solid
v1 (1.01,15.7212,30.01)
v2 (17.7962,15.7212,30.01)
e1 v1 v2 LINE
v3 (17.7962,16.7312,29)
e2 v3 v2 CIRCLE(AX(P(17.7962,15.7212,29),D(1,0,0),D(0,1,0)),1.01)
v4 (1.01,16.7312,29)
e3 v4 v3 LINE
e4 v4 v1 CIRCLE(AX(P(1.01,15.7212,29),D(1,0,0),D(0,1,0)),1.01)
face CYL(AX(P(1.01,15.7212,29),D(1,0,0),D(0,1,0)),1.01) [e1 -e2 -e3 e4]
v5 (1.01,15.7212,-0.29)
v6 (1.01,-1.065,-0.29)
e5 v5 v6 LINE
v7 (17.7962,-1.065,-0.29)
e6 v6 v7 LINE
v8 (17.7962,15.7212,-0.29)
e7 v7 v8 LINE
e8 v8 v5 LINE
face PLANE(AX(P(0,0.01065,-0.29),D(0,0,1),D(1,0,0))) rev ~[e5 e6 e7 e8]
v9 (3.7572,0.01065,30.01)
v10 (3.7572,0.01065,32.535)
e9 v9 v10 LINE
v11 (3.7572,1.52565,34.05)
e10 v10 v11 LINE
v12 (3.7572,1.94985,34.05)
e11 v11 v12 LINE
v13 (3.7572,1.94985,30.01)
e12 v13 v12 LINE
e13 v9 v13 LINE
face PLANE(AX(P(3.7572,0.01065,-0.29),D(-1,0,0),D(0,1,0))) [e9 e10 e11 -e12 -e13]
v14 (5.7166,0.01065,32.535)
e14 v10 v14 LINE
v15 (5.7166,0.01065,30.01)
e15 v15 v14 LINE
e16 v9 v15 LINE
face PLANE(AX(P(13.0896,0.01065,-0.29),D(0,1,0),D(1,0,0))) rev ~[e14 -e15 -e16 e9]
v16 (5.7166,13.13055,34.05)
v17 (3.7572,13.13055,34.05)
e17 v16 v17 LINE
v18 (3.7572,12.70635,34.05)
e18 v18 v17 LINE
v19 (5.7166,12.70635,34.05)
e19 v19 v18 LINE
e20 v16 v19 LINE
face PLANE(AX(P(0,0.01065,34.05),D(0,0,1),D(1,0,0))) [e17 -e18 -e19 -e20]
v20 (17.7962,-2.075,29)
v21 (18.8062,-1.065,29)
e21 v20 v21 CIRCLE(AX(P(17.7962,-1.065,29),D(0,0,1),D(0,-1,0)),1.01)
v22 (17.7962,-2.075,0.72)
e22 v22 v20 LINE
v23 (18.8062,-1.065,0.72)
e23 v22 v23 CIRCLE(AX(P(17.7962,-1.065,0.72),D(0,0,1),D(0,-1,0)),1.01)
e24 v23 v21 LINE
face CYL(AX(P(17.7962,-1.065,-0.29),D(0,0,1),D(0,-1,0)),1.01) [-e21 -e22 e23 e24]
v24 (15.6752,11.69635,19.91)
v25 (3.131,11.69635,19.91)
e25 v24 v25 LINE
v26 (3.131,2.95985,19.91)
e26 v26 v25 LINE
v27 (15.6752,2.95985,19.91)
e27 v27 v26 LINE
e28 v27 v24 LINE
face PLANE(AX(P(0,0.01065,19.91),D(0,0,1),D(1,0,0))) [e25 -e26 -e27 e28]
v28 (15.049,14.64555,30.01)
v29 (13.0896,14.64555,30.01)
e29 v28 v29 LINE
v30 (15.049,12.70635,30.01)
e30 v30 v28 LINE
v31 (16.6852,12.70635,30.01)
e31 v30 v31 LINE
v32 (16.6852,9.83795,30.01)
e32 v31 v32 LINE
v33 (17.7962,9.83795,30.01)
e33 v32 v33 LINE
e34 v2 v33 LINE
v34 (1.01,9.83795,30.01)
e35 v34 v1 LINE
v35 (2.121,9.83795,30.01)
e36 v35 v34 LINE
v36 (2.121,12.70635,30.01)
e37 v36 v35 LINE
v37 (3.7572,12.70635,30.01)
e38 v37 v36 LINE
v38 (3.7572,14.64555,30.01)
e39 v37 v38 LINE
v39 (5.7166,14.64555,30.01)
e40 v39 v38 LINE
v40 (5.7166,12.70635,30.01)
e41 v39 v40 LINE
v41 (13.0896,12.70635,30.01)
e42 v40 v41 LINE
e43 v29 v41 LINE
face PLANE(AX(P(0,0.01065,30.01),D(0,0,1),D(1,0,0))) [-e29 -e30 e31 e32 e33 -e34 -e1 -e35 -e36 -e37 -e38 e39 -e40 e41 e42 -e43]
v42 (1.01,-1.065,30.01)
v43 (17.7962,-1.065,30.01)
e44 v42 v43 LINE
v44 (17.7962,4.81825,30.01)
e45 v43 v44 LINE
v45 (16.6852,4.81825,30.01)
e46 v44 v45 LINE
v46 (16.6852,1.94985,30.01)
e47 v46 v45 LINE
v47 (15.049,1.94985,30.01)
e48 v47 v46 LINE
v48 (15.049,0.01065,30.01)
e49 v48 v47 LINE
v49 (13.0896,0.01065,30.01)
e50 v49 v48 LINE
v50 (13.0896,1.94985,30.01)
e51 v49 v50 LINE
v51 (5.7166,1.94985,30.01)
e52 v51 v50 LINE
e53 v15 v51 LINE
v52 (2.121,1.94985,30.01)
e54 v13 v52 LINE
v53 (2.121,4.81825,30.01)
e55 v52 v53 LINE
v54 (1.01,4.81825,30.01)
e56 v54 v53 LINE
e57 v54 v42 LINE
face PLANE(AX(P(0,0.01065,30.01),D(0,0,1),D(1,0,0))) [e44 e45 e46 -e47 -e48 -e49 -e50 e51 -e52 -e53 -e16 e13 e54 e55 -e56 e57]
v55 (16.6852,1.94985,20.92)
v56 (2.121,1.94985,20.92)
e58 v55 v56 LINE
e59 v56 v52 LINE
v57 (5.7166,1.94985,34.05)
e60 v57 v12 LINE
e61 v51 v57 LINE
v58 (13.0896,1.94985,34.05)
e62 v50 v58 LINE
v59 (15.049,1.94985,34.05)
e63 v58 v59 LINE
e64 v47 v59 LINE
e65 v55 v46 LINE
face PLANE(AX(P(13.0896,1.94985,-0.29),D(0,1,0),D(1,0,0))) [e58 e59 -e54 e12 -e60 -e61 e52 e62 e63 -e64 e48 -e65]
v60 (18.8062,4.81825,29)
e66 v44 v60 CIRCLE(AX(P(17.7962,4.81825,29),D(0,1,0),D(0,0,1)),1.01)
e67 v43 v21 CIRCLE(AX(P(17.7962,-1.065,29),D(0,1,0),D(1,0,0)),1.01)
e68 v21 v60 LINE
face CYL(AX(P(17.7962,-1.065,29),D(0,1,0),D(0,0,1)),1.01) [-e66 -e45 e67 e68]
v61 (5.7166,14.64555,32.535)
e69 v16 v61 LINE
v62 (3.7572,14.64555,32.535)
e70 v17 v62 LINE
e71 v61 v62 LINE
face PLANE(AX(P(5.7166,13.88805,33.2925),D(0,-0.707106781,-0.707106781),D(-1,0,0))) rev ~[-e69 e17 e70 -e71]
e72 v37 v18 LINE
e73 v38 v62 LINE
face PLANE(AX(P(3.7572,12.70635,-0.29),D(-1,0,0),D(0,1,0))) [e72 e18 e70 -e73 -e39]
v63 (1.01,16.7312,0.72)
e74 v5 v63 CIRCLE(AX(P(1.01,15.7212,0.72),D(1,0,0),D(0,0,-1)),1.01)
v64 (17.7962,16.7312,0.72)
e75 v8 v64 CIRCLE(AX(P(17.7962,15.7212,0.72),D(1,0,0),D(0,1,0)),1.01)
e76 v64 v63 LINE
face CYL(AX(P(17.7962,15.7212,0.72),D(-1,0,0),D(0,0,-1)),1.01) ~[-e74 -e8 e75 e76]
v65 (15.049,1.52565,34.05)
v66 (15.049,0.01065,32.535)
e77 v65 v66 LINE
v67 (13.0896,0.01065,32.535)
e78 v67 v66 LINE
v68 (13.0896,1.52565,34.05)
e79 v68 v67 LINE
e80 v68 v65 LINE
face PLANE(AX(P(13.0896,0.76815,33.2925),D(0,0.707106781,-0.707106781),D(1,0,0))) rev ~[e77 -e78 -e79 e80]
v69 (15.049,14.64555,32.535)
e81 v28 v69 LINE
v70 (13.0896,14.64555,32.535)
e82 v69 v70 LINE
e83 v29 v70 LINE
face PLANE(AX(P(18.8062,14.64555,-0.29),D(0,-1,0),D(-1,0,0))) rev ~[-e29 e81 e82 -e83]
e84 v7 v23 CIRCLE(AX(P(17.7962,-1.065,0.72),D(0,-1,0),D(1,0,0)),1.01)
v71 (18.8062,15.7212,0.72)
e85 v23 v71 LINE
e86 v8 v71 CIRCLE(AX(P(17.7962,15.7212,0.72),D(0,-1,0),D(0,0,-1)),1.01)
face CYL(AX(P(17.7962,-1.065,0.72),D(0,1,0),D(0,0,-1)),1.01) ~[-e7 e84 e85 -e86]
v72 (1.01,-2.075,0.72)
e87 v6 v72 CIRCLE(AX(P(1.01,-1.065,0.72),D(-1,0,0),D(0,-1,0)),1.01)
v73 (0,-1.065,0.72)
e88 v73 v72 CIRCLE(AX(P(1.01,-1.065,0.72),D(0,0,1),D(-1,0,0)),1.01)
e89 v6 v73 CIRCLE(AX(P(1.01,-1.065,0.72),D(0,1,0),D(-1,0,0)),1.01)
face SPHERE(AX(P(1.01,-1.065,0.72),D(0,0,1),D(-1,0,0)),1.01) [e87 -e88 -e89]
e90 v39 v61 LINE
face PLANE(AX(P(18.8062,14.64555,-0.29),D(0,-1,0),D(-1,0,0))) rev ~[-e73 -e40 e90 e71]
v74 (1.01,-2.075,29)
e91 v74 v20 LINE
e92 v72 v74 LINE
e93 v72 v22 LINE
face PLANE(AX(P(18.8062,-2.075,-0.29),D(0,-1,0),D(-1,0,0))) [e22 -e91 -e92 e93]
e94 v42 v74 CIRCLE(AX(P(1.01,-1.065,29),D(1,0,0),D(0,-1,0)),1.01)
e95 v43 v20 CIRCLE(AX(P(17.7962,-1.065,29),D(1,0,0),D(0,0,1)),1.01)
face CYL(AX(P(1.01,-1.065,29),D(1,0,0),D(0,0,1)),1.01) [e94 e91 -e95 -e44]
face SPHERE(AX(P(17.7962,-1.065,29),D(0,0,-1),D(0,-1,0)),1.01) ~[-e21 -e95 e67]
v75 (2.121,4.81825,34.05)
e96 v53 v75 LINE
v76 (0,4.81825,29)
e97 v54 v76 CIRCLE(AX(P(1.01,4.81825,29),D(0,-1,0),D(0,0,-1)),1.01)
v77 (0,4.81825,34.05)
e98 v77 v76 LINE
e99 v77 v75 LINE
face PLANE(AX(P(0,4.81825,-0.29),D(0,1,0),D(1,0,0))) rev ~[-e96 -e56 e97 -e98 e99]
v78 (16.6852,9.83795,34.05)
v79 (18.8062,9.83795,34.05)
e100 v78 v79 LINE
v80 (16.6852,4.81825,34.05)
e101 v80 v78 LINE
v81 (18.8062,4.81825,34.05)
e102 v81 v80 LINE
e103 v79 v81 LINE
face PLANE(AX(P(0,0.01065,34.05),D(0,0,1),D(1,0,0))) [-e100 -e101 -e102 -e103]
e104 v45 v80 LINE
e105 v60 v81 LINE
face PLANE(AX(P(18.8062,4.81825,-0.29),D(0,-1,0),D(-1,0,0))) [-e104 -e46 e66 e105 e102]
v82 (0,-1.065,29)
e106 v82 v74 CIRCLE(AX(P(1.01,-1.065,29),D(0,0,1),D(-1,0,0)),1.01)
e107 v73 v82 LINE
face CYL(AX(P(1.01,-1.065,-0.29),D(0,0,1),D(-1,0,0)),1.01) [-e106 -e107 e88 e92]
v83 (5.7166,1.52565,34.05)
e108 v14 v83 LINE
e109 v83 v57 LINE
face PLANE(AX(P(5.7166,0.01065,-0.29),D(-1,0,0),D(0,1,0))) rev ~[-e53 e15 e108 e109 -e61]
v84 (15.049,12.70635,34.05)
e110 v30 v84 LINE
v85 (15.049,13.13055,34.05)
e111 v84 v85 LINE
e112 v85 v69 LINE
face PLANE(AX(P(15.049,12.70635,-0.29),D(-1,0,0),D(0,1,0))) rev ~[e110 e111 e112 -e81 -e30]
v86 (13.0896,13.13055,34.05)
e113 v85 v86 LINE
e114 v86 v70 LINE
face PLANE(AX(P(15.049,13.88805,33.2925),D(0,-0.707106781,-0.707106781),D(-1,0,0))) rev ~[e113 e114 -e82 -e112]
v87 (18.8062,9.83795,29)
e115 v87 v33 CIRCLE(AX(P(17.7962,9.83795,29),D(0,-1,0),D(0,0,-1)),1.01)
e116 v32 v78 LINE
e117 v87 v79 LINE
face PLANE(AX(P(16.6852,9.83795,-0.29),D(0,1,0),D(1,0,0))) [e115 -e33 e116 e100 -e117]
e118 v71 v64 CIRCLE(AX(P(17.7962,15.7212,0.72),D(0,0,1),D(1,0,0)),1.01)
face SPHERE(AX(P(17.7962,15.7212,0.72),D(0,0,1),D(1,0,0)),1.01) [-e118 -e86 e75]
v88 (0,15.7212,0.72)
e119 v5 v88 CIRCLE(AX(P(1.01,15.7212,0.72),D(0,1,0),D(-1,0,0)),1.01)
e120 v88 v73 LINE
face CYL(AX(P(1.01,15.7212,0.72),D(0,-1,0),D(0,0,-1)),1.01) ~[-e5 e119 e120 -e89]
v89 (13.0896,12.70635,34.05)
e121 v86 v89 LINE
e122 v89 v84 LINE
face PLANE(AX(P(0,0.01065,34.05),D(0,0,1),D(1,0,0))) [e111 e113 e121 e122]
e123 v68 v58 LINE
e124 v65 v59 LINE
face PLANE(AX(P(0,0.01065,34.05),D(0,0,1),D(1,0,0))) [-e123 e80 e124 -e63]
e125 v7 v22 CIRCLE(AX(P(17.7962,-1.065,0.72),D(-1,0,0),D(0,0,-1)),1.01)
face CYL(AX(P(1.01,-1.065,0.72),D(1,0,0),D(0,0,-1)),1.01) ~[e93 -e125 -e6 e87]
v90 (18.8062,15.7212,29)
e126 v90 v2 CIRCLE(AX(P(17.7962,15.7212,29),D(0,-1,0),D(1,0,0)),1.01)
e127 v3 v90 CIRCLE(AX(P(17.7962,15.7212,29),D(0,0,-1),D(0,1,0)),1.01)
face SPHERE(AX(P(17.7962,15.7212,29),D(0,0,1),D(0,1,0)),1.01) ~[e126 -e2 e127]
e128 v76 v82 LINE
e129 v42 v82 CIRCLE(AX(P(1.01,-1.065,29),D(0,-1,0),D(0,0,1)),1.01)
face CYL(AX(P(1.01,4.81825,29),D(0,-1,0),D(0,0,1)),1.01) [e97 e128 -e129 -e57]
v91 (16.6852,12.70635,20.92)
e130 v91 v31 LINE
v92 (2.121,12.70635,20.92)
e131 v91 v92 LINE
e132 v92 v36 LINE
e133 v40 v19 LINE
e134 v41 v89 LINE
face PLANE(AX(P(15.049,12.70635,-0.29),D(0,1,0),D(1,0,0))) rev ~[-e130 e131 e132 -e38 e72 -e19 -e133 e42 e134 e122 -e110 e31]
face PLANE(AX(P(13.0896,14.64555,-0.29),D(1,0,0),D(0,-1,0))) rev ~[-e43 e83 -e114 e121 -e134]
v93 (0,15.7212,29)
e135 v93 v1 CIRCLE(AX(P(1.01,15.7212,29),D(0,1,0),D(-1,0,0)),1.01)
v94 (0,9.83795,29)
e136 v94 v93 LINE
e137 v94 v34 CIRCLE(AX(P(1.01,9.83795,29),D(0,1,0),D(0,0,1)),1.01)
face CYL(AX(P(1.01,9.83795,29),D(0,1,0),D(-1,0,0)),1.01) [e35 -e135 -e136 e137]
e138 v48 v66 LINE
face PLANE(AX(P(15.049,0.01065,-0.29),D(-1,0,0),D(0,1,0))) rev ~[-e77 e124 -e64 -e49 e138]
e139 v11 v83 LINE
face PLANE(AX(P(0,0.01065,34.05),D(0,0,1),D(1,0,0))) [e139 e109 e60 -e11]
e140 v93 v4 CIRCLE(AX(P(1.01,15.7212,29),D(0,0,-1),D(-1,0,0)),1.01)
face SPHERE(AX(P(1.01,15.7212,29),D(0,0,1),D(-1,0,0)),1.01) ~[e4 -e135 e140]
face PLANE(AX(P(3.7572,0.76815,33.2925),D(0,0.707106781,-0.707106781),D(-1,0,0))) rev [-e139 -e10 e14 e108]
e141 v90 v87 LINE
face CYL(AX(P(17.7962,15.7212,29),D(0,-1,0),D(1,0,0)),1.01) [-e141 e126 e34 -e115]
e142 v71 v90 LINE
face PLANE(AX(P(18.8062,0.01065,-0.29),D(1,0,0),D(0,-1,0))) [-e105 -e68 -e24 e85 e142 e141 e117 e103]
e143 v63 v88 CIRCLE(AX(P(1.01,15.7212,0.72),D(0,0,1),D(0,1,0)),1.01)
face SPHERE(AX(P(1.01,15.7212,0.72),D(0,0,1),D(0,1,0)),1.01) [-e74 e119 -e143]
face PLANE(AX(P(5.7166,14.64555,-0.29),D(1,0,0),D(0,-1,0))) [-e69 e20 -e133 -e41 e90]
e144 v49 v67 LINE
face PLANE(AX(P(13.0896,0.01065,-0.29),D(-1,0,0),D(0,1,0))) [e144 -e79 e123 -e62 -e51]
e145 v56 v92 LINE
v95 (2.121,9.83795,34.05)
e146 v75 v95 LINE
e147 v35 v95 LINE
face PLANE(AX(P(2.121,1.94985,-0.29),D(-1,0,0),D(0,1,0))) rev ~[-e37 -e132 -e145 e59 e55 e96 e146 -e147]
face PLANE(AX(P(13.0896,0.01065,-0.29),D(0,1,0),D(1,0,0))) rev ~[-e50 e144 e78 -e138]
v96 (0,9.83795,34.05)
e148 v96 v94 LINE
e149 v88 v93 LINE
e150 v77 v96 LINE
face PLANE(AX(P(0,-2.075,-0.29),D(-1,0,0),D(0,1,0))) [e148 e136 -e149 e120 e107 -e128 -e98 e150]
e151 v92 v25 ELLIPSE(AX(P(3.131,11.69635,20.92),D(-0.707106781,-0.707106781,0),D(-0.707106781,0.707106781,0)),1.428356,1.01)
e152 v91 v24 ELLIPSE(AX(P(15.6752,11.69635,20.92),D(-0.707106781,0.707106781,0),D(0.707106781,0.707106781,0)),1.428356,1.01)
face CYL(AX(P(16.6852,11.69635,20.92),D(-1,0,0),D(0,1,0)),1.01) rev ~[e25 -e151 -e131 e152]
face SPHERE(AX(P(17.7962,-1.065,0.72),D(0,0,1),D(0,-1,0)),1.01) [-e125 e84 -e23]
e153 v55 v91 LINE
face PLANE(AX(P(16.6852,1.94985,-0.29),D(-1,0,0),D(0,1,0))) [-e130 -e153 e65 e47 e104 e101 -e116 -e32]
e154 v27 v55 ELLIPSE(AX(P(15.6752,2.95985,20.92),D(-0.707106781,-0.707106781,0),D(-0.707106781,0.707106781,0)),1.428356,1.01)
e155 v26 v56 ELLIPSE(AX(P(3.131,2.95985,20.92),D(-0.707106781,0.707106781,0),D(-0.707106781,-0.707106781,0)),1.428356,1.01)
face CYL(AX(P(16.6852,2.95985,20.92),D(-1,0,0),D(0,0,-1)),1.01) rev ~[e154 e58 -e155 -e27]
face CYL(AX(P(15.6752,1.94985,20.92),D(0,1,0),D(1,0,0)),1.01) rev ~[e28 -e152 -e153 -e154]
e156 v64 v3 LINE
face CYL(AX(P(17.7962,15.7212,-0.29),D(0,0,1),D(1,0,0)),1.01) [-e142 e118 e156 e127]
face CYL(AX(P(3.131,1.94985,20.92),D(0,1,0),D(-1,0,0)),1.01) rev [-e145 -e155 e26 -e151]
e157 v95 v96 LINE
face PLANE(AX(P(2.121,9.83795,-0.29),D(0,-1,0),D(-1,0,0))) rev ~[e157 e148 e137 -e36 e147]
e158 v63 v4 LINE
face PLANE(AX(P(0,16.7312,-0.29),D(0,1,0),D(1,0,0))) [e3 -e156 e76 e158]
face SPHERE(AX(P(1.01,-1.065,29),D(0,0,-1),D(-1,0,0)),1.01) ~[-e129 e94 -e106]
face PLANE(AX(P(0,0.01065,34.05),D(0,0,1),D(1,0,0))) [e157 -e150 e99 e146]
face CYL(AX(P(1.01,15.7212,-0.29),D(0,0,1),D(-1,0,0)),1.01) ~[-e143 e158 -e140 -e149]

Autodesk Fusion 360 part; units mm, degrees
sketch "Sketch1" plane through (0, 0, 0) normal (0, 0, 1) x (1, 0, 0)
  line L0 (0, 0) -> (18.62, 0)
  line L1 (18.62, 0) -> (18.62, 14.49)
  line L2 (18.62, 14.49) -> (0, 14.49)
  line L3 (0, 14.49) -> (0, 0)
  line L4 (9.31, 0) -> (9.31, 14.49)
  line L5 (0, 7.245) -> (18.62, 7.245)
  line L6 (2.1, 9.73) -> (-2.1, 9.73)
  line L7 (-2.1, 9.73) -> (-2.1, 4.76)
  line L8 (-2.1, 4.76) -> (2.1, 4.76)
  line L9 (2.1, 4.76) -> (2.1, 9.73)
  line L10 (2.1, 9.73) -> (-2.1, 4.76) construction
  line L11 (-2.1, 9.73) -> (2.1, 4.76) construction
  line L12 (3.72, 0) -> (3.72, 14.49)
  line L13 (3.72, 14.49) -> (5.66, 14.49)
  line L14 (5.66, 14.49) -> (5.66, 12.57)
  line L15 (5.66, 12.57) -> (3.72, 12.57)
  line L16 (3.72, 12.57) -> (3.72, 14.49)
  line L17 (5.66, 1.92) -> (3.72, 1.92)
  line L18 (3.72, 1.92) -> (3.72, 0)
  line L19 (5.66, 0) -> (5.66, 1.92)
  line L20 (16.52, 9.73) -> (20.72, 9.73)
  line L21 (16.52, 4.76) -> (16.52, 9.73)
  line L22 (20.72, 4.76) -> (16.52, 4.76)
  line L23 (12.96, 14.49) -> (12.96, 12.57)
  line L24 (12.96, 12.57) -> (14.9, 12.57)
  line L25 (14.9, 12.57) -> (14.9, 14.49)
  line L26 (12.96, 1.92) -> (14.9, 1.92)
  line L27 (12.96, 0) -> (12.96, 1.92)
  line L28 (14.9, 0) -> (14.9, 14.49)
  line L29 (3.72, 12.57) -> (14.9, 12.57)
  line L30 (14.9, 12.57) -> (14.9, 1.92)
  line L31 (14.9, 1.92) -> (3.72, 1.92)
  line L32 (3.72, 1.92) -> (3.72, 12.57)
  line L33 (2.1, 9.73) -> (3.72, 9.73)
  line L34 (3.72, 9.73) -> (3.72, 12.57)
  line L35 (3.72, 12.57) -> (2.1, 12.57)
  line L36 (2.1, 12.57) -> (2.1, 9.73)
  line L37 (2.1, 4.76) -> (3.72, 4.76)
  line L38 (3.72, 4.76) -> (3.72, 1.92)
  line L39 (3.72, 1.92) -> (2.1, 1.92)
  line L40 (2.1, 1.92) -> (2.1, 4.76)
  line L41 (14.9, 1.92) -> (16.52, 1.92)
  line L42 (16.52, 1.92) -> (16.52, 4.76)
  line L43 (16.52, 4.76) -> (14.9, 4.76)
  line L44 (14.9, 4.76) -> (14.9, 1.92)
  line L45 (16.52, 9.73) -> (14.9, 9.73)
  line L46 (14.9, 9.73) -> (14.9, 12.57)
  line L47 (14.9, 12.57) -> (16.52, 12.57)
  line L48 (16.52, 12.57) -> (16.52, 9.73)
  circle A0 centre (9.31, 7.245) radius 2.5
  line L49 (18.62, -2.065) -> (0, -2.065)
  line L50 (0, -2.065) -> (0, 16.555)
  line L51 (0, 16.555) -> (18.62, 16.555)
  line L52 (18.62, 16.555) -> (18.62, -2.065)
  line L53 (18.62, -2.065) -> (0, 16.555) construction
  line L54 (0, -2.065) -> (18.62, 16.555) construction
  point P0 (0, 7.245)
  point P1 (9.31, 7.245)
  dimension "d1" = 18.62
  dimension "d2" = 14.49
  dimension "d3" = 4.2
  dimension "d4" = 4.97
  dimension "d5" = -5.59
  dimension "d6" = 1.94
  dimension "d7" = 1.92
  dimension "d16" = 5
  dimension "d19" = 18.62
  dimension "d20" = 18.62
extrude "Extrude1" add sketch "Sketch1" along normal blind 34 contours L0 L12 L17 L18 L19 L31 | L3 L5 L8 L9 L50 | L3 L5 L6 L9 L50 | L0 L26 L27 L28 L31 | L1 L5 L21 L22 L52 | L2 L12 L13 L14 L15 L16 L29 | L1 L5 L20 L21 L52 | L2 L23 L24 L25 L28 L29 makes body 1 at (13.6067, 0, 22.6667) makes body 2 at (5.0133, 14.49, 22.6667) makes body 3 at (18.62, 6.4167, 11.3333) makes body 4 at (4.3667, 0, 22.6667) makes body 5 at (0, 8.0733, 11.3333) makes body 6 at (14.2533, 14.49, 22.6667)
extrude "Extrude4" add sketch "Sketch1" along normal blind 30 contours L0 L3 L8 L12 L18 L39 L40 L50 | L0 L4 L19 L31 | L0 L4 L27 L31 | L2 L3 L6 L12 L16 L35 L36 L50 | L0 L1 L22 L28 L41 L42 L52 | L2 L4 L14 L29 | L1 L2 L20 L25 L28 L47 L48 L52 | L2 L4 L23 L29 bodies 1 2 3 4 5 6
extrude "Extrude5" add sketch "Sketch1" along normal blind 20 contours L12 L32 L37 L38 L39 L40 | L4 L5 L12 L17 L31 L32 L38 A0 | L5 L9 L12 L32 L37 | L5 L9 L12 L32 L33 | L4 L5 L26 L28 L30 L31 L44 A0 | L4 L5 L12 L15 L29 L32 L34 A0 | L12 L32 L33 L34 L35 L36 | L4 L5 A0 | L4 L5 A0 | L4 L5 A0 | L28 L30 L41 L42 L43 L44 | L5 L21 L28 L30 L43 | L4 L5 A0 | L4 L5 L24 L28 L29 L30 L46 A0 | L5 L21 L28 L30 L45 | L28 L30 L45 L46 L47 L48 bodies 1
extrude "Extrude6" add sketch "Sketch1" along normal blind 30 contours L0 L49 L50 L52 | L2 L13 L50 L51 L52 bodies 1
fillet "Fillet1" radius 1 4 edges at (18.62, 16.555, 15) (0, 16.555, 15) (0, -2.065, 15) (18.62, -2.065, 15) on bodies 1
fillet "Fillet2" radius 1 10 edges at (18.62, 12.6425, 30) (18.3271, 16.2621, 30) (9.31, 16.555, 30) (0.2929, 16.2621, 30) (0, 12.6425, 30) (0, 1.8475, 30) (0.2929, -1.7721, 30) (9.31, -2.065, 30) (18.3271, -1.7721, 30) (18.62, 1.8475, 30) on bodies 1
chamfer "Chamfer1" distance 1.5 angle 45 1 edges at (4.69, 0, 34) on bodies 1
chamfer "Chamfer2" distance 1.5 angle 45 1 edges at (13.93, 0, 34) on bodies 1
chamfer "Chamfer3" distance 1.5 angle 45 2 edges at (4.69, 14.49, 34) (13.93, 14.49, 34) on bodies 1
fillet "Fillet3" radius 1 4 edges at (9.31, 1.92, 20) (16.52, 7.245, 20) (2.1, 7.245, 20) (9.31, 12.57, 20) on bodies 1
fillet "Fillet4" radius 1 8 edges at (0.2929, -1.7721, 0) (0, 7.245, 0) (0.2929, 16.2621, 0) (9.31, 16.555, 0) (18.3271, 16.2621, 0) (18.62, 7.245, 0) (18.3271, -1.7721, 0) (9.31, -2.065, 0) on bodies 1
scale "Scale1" factor 1.01 about (0, -1.065, 29) bodies 1
